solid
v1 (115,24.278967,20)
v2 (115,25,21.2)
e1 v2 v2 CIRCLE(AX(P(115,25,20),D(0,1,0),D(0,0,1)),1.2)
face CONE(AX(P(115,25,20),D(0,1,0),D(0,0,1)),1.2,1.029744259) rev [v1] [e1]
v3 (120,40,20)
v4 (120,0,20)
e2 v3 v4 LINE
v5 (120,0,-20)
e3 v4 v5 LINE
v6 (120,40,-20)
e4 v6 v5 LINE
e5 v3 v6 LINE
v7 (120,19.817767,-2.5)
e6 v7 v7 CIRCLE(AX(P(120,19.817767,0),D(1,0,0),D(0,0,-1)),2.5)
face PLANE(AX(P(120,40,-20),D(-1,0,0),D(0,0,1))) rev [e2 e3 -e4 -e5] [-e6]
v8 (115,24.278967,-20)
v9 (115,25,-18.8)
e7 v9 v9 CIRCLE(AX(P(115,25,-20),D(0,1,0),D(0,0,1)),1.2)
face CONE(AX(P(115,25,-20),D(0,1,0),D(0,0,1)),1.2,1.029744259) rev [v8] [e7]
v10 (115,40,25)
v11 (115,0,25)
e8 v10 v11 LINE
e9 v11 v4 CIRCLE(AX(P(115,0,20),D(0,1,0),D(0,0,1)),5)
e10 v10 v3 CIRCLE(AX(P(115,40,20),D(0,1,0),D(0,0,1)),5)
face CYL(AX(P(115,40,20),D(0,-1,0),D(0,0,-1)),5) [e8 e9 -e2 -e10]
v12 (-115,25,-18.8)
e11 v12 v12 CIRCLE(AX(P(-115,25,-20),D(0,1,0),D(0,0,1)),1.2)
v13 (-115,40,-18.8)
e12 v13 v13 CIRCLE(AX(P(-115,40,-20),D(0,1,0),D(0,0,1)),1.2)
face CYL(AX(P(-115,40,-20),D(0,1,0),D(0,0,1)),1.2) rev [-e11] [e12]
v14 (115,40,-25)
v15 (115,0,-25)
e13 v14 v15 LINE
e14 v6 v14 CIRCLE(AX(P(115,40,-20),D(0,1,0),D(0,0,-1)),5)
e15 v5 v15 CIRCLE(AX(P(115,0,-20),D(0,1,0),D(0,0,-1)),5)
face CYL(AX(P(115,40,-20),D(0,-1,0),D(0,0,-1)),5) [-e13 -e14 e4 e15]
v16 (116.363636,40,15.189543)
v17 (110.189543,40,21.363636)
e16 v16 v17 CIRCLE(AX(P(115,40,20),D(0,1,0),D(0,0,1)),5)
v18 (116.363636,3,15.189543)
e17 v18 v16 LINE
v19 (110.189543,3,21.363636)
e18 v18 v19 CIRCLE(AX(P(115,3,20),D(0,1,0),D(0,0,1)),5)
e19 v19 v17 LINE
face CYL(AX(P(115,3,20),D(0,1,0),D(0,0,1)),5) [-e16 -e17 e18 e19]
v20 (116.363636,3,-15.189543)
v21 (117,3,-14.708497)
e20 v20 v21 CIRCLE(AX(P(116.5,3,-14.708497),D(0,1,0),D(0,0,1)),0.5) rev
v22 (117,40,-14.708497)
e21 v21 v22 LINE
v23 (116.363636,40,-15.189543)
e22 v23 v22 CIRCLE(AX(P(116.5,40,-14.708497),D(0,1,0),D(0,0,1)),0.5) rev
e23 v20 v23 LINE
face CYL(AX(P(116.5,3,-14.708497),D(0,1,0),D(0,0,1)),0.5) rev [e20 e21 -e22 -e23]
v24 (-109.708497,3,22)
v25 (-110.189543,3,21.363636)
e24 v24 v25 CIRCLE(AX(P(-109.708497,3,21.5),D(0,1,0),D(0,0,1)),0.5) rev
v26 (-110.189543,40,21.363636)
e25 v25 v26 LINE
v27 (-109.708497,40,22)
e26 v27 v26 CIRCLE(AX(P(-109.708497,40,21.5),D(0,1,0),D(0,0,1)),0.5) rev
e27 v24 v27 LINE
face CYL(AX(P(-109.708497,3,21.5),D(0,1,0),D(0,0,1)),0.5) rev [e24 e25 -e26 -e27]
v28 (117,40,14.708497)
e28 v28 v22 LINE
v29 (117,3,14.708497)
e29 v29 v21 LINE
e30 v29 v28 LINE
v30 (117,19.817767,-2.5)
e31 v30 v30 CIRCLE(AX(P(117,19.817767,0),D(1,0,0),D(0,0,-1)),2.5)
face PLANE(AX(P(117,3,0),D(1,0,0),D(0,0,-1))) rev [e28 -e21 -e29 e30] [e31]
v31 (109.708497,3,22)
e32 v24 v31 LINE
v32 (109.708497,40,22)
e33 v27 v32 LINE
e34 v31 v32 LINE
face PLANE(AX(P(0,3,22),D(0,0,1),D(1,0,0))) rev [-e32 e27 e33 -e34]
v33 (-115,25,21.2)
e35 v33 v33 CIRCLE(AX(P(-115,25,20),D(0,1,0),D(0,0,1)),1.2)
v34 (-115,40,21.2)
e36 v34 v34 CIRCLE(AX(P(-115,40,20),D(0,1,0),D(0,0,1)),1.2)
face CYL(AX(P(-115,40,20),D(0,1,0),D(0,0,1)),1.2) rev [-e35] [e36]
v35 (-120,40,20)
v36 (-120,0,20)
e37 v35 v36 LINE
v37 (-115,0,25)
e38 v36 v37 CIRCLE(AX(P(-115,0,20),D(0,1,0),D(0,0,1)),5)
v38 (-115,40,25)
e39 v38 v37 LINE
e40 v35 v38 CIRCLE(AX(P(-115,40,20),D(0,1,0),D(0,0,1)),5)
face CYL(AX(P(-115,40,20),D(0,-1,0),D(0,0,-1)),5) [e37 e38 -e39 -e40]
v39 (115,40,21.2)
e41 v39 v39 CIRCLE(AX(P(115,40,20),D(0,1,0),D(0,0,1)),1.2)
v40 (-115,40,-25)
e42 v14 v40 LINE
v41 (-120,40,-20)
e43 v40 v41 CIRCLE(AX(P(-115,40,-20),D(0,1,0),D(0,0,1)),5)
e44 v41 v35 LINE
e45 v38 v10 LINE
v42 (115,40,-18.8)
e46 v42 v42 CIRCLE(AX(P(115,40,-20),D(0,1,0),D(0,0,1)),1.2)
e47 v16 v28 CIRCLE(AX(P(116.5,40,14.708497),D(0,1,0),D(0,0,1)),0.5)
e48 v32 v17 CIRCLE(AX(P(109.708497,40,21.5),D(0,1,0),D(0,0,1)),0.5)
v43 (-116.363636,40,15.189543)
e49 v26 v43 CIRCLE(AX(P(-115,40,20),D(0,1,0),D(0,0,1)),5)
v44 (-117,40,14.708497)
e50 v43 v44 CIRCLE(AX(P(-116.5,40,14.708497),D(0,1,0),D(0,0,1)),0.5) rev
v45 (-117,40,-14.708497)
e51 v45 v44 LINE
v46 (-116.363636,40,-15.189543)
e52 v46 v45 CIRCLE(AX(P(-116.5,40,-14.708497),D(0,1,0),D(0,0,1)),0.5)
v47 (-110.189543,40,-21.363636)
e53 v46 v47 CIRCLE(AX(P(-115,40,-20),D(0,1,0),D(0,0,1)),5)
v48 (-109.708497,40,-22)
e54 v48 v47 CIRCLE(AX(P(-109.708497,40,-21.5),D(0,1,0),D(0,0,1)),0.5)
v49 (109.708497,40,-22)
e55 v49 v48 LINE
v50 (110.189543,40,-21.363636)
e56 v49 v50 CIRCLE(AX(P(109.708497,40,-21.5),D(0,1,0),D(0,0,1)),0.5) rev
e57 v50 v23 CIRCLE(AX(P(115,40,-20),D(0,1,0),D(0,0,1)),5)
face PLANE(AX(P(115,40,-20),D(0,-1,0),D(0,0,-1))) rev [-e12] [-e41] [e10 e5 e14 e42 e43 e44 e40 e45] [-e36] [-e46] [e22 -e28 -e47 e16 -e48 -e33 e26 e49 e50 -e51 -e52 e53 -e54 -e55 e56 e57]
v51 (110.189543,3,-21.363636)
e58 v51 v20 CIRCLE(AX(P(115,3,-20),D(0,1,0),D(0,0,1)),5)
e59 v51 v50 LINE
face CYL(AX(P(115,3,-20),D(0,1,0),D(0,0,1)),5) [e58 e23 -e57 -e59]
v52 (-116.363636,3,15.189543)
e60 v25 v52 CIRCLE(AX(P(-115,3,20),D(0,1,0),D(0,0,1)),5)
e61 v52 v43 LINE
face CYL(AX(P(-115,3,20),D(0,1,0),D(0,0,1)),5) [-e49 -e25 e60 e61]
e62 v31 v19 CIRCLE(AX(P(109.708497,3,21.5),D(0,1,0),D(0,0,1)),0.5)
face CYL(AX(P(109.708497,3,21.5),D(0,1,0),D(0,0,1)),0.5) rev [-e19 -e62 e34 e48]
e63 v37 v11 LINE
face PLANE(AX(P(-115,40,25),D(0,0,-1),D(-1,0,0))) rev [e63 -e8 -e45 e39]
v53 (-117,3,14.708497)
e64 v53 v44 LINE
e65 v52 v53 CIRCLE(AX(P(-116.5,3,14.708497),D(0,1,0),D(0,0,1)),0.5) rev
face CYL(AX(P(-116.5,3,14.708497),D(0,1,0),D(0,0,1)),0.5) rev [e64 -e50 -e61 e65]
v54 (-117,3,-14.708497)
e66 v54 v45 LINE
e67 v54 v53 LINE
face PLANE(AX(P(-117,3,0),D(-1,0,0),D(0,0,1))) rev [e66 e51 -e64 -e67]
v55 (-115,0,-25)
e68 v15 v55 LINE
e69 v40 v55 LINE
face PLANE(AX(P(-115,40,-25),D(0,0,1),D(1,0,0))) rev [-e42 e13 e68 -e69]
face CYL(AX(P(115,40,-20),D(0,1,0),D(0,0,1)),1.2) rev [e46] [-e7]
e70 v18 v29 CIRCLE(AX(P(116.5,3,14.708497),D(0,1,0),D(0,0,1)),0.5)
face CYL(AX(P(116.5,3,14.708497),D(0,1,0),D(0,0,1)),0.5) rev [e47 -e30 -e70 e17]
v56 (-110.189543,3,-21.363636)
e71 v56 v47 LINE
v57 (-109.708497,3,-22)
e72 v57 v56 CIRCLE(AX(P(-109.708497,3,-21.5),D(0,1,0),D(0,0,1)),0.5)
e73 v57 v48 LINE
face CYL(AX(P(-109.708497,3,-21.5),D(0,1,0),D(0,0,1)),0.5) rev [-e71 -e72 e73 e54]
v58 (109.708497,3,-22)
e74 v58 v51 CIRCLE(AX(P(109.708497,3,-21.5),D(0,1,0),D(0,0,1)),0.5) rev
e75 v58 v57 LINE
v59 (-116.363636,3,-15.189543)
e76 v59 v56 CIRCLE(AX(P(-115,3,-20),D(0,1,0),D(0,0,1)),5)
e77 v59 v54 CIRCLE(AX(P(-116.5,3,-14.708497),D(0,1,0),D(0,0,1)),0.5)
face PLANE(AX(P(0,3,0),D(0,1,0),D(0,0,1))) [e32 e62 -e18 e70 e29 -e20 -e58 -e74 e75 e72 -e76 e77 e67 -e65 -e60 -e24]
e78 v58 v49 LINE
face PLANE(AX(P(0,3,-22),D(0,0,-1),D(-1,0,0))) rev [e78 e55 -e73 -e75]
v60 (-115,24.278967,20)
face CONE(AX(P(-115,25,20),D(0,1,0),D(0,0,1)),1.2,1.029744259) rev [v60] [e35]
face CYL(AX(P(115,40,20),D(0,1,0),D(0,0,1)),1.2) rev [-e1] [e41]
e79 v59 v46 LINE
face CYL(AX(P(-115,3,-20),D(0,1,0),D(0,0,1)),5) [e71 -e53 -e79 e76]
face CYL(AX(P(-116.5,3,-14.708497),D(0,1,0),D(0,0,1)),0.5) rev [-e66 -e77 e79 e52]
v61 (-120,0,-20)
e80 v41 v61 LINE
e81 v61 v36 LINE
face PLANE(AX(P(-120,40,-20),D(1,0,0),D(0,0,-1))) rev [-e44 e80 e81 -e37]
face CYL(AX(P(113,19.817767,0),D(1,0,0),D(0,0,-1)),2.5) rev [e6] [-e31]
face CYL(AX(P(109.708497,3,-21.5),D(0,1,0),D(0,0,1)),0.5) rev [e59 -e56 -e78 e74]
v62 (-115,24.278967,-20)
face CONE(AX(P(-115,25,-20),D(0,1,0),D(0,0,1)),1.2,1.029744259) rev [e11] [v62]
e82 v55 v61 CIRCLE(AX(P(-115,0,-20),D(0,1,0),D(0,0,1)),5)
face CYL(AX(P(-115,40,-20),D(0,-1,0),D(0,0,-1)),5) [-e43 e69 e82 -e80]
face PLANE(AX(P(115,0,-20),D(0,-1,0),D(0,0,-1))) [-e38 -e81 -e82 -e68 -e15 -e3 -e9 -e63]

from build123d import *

# Parameters (mm, degrees)
BOSS_EXTRUDE1_DEPTH      = 40
CUT_EXTRUDE1_START       = -37
CUT_EXTRUDE1_DEPTH       = 37
M2_CLEARANCE_HOLE1_D     = 2.4
M2_CLEARANCE_HOLE1_DEPTH = 15
M2_CLEARANCE_HOLE1_TIP   = 0.721032743
SKETCH7_R                = 2.5
CUT_EXTRUDE2_DEPTH       = 7


with BuildPart() as part:
    # Sketch1 → Boss-Extrude1 (new body)
    with BuildSketch(Plane(origin=(0, 0, 0), x_dir=(1, 0, 0), z_dir=(0, 1, 0))):
        with BuildLine():
            Line((-115, 25), (115, 25))
            ThreePointArc((115, 25), (118.535533906, 23.535533906), (120, 20))
            Line((120, 20), (120, -20))
            ThreePointArc((120, -20), (118.535533906, -23.535533906), (115, -25))
            Line((115, -25), (-115, -25))
            ThreePointArc((-115, -25), (-118.535533906, -23.535533906), (-120, -20))
            Line((-120, -20), (-120, 20))
            ThreePointArc((-120, 20), (-118.535533906, 23.535533906), (-115, 25))
        make_face()
    extrude(amount=BOSS_EXTRUDE1_DEPTH)

    # Sketch2 → Cut-Extrude1 (cut)
    with BuildSketch(Plane(origin=(0, 40, 0), x_dir=(1, 0, 0), z_dir=(0, 1, 0)).offset(CUT_EXTRUDE1_START)):
        with BuildLine():
            ThreePointArc((110.189543071, 21.363636364), (111.464466094, 16.464466094), (116.363636364, 15.189543071))
            ThreePointArc((116.363636364, 15.189543071), (116.801511345, 15.107359395), (117, 14.708497378))
            Line((117, 14.708497378), (117, -14.708497378))
            ThreePointArc((117, -14.708497378), (116.801511345, -15.107359395), (116.363636364, -15.189543071))
            ThreePointArc((116.363636364, -15.189543071), (111.464466094, -16.464466094), (110.189543071, -21.363636364))
            ThreePointArc((110.189543071, -21.363636364), (110.107359395, -21.801511345), (109.708497378, -22))
            Line((109.708497378, -22), (-109.708497378, -22))
            ThreePointArc((-109.708497378, -22), (-110.107359395, -21.801511345), (-110.189543071, -21.363636364))
            ThreePointArc((-110.189543071, -21.363636364), (-111.464466094, -16.464466094), (-116.363636364, -15.189543071))
            ThreePointArc((-116.363636364, -15.189543071), (-116.801511345, -15.107359395), (-117, -14.708497378))
            Line((-117, -14.708497378), (-117, 14.708497378))
            ThreePointArc((-117, 14.708497378), (-116.801511345, 15.107359395), (-116.363636364, 15.189543071))
            ThreePointArc((-116.363636364, 15.189543071), (-111.464466094, 16.464466094), (-110.189543071, 21.363636364))
            ThreePointArc((-110.189543071, 21.363636364), (-110.107359395, 21.801511345), (-109.708497378, 22))
            Line((-109.708497378, 22), (109.708497378, 22))
            ThreePointArc((109.708497378, 22), (110.107359395, 21.801511345), (110.189543071, 21.363636364))
        make_face()
    extrude(amount=CUT_EXTRUDE1_DEPTH, mode=Mode.SUBTRACT)

    # M2 Clearance Hole1
    with Locations(Plane(origin=(-115, 40, -20), x_dir=(0, 0, 1), z_dir=(0, 1, 0))):
        with Locations((0, 0), (40, 0), (40, 230), (0, 230)):
            Hole(M2_CLEARANCE_HOLE1_D / 2, depth=M2_CLEARANCE_HOLE1_DEPTH)
            with Locations((0, 0, -(M2_CLEARANCE_HOLE1_DEPTH + M2_CLEARANCE_HOLE1_TIP / 2))):  # 118° drill point
                Cone(0, M2_CLEARANCE_HOLE1_D / 2, M2_CLEARANCE_HOLE1_TIP, mode=Mode.SUBTRACT)

    # Sketch7 → Cut-Extrude2 (cut)
    with BuildSketch(Plane(origin=(120, 0, 0), x_dir=(0, 0, -1), z_dir=(1, 0, 0))):
        with Locations((0, 19.817767005)):
            Circle(SKETCH7_R)
    extrude(amount=-CUT_EXTRUDE2_DEPTH, mode=Mode.SUBTRACT)


solid = part.part
